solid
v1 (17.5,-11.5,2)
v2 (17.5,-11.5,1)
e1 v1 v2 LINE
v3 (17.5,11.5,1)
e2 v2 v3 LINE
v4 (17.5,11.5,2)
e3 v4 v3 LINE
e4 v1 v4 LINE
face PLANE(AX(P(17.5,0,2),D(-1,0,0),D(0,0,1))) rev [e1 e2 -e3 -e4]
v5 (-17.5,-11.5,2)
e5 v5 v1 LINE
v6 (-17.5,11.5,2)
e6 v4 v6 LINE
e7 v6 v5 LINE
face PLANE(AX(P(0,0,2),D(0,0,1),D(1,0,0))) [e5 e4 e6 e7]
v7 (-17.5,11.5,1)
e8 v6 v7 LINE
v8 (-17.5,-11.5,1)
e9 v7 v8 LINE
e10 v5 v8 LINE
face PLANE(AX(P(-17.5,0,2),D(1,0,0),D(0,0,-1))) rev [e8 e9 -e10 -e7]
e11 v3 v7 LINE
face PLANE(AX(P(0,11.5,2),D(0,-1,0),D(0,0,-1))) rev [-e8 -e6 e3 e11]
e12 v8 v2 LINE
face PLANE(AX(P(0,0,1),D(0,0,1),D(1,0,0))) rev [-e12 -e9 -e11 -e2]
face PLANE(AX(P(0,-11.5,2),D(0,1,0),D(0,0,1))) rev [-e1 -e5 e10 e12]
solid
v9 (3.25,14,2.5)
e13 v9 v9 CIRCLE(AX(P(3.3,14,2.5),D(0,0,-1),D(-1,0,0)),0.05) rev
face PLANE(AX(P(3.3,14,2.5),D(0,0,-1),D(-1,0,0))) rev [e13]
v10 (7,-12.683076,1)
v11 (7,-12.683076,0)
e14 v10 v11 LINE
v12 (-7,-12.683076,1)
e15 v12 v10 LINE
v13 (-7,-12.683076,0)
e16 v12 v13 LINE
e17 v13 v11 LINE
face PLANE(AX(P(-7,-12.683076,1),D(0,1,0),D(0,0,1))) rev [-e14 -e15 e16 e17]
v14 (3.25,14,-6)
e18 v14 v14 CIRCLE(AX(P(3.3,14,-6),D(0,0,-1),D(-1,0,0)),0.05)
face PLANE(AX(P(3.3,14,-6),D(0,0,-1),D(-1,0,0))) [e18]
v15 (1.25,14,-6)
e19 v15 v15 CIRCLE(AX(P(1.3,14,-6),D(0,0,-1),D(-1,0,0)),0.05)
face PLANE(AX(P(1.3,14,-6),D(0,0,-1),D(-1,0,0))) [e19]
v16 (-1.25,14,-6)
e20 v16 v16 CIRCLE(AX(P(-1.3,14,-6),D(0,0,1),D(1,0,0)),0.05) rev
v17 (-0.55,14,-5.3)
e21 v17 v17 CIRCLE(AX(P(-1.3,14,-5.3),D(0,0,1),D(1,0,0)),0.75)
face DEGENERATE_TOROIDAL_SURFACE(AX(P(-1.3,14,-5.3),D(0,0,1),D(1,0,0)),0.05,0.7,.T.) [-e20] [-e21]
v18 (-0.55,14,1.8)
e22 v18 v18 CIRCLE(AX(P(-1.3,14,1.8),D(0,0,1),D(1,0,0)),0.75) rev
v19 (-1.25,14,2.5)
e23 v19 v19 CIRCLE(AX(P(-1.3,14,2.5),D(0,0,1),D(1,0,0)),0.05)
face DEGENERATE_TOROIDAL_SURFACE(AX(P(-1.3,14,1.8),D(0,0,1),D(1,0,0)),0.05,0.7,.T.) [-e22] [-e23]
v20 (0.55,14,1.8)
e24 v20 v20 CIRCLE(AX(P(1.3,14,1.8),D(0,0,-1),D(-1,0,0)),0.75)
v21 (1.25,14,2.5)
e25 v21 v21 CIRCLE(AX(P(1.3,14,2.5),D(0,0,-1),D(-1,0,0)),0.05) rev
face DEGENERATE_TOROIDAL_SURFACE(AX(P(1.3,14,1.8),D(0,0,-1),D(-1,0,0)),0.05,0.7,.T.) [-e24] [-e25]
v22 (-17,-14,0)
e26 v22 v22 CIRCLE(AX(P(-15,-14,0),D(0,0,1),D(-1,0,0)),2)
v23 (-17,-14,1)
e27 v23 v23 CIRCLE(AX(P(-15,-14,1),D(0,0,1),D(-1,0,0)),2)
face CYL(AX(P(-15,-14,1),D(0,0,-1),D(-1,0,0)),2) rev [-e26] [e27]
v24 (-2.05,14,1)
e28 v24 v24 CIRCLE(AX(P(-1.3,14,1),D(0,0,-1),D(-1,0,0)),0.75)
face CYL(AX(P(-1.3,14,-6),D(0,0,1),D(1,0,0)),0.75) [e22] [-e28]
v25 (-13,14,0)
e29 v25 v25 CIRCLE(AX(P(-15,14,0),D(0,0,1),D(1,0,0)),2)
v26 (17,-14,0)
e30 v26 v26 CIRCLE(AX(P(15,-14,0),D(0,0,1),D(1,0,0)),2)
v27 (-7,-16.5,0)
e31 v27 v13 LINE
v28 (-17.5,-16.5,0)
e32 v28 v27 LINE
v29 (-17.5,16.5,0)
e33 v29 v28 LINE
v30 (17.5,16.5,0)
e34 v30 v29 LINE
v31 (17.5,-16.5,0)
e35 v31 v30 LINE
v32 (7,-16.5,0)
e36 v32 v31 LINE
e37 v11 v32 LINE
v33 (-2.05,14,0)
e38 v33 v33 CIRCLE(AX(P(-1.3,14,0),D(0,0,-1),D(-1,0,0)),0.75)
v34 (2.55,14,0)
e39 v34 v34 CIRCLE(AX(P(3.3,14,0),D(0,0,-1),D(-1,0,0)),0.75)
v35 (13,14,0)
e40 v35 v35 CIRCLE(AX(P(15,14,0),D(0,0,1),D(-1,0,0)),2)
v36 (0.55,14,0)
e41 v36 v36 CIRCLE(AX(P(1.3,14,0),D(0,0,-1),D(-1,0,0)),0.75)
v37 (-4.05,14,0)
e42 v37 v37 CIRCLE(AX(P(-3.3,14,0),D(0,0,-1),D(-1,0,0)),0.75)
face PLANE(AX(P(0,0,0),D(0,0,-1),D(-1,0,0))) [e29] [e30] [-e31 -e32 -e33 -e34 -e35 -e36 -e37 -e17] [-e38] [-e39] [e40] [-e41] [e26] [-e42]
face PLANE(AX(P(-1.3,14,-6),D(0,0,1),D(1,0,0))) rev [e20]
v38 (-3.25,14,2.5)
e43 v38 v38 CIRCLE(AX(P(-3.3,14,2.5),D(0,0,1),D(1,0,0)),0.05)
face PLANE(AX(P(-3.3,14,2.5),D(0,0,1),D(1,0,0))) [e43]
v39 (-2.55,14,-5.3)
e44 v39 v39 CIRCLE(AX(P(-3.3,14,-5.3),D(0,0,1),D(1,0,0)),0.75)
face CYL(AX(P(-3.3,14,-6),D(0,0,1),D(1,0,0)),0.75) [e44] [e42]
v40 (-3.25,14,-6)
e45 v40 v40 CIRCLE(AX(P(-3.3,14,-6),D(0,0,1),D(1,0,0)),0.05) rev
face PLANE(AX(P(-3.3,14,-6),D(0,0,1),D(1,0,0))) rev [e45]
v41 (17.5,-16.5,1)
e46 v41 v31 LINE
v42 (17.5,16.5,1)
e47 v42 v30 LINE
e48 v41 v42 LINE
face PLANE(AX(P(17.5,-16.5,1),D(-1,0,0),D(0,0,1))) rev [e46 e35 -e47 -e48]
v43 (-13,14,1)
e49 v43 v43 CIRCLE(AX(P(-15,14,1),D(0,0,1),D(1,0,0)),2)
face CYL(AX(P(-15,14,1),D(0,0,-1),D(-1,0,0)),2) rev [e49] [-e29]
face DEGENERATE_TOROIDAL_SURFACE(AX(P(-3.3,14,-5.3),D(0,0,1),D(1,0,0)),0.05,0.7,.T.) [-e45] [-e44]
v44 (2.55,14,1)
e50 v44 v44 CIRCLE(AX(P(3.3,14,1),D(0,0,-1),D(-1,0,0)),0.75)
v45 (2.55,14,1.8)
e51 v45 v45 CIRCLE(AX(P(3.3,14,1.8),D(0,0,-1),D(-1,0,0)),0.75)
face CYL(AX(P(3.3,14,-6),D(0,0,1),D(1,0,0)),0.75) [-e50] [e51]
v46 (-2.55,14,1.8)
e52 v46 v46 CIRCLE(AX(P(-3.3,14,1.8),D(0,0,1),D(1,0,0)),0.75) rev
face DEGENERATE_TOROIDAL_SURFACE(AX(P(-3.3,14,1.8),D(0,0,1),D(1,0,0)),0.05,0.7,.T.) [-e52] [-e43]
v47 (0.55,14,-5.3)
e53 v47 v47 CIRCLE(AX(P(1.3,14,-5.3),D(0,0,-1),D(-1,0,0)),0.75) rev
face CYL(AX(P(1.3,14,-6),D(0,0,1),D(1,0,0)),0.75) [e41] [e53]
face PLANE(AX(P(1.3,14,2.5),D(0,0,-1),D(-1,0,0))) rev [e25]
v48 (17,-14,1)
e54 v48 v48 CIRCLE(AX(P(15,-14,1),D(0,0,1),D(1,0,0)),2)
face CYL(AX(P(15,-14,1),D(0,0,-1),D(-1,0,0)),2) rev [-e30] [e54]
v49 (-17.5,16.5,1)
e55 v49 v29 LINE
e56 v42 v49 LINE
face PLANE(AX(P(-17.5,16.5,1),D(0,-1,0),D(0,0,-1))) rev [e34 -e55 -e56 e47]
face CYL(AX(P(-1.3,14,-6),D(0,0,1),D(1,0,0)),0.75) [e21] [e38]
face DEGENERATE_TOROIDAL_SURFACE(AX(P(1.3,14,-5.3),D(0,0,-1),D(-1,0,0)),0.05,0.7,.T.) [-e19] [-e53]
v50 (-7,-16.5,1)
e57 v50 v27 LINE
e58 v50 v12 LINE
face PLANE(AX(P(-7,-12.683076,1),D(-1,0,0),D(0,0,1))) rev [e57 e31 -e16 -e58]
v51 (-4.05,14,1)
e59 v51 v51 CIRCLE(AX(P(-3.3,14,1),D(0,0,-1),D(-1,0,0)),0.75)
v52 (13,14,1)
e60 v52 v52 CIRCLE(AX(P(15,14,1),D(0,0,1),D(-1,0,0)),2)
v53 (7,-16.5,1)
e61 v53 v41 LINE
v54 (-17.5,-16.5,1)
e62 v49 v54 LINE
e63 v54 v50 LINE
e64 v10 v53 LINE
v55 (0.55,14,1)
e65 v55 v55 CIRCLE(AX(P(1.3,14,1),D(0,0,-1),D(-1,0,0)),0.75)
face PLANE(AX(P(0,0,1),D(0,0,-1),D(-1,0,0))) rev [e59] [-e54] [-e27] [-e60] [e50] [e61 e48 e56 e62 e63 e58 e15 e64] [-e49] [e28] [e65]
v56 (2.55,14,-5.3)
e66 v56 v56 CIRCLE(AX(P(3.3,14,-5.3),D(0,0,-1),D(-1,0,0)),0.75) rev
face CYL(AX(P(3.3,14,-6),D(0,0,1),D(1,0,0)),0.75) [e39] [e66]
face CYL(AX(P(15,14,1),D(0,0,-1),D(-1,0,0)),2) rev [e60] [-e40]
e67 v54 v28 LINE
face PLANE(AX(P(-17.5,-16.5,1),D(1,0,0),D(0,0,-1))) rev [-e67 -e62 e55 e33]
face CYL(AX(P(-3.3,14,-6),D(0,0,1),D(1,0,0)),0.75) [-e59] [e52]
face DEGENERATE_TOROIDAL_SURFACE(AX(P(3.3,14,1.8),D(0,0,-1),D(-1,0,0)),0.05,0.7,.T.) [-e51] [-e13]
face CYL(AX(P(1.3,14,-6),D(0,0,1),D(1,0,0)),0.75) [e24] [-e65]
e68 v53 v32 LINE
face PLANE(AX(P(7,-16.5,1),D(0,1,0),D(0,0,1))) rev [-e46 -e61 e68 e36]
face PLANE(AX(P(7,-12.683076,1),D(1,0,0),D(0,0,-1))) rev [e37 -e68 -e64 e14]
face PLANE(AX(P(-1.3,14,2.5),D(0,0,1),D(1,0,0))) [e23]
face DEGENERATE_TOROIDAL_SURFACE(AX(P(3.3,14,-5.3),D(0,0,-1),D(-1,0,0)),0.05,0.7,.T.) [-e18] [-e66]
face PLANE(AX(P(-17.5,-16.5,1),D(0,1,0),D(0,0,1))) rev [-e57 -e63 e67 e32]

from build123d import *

# Parameters (mm, degrees)
SKETCH1_R                = 2
BOSS_EXTRUDE1_DEPTH      = 1
SKETCH2_W                = 35
SKETCH2_H                = 23
BOSS_EXTRUDE2_DEPTH      = 1
BOSS_EXTRUDE3_DEPTH      = 0.5
BOSS_EXTRUDE3_DEPTH_BACK = 8
SKETCH3_R                = 0.75
FILLET1_R                = 0.7


with BuildPart() as part:
    # Sketch1 → Boss-Extrude1 (new body)
    with BuildSketch(Plane.XY):
        Polygon((-17.5, -16.5), (-7, -16.5), (-7, -12.68307554), (7, -12.68307554), (7, -16.5), (17.5, -16.5), (17.5, 16.5), (-17.5, 16.5), align=None)
        with Locations((-15, 14)):
            Circle(SKETCH1_R, mode=Mode.SUBTRACT)
        with Locations(Location((15, 14, 0), (0, 0, 180))):
            Circle(SKETCH1_R, mode=Mode.SUBTRACT)
        with Locations((15, -14)):
            Circle(SKETCH1_R, mode=Mode.SUBTRACT)
        with Locations(Location((-15, -14, 0), (0, 0, 180))):
            Circle(SKETCH1_R, mode=Mode.SUBTRACT)
    extrude(amount=BOSS_EXTRUDE1_DEPTH)

    # Sketch3 → Boss-Extrude3 (add, two sides: drawn at the far end of the back side and taken through both)
    with BuildSketch(Plane.XY.offset(2).offset(-BOSS_EXTRUDE3_DEPTH_BACK)):
        with Locations((-1.3, 14)):
            Circle(SKETCH3_R)
        with Locations((-3.3, 14)):
            Circle(SKETCH3_R)
        with Locations(Location((1.3, 14, 0), (0, 0, 180))):
            Circle(SKETCH3_R)
        with Locations(Location((3.3, 14, 0), (0, 0, 180))):
            Circle(SKETCH3_R)
    extrude(amount=BOSS_EXTRUDE3_DEPTH + BOSS_EXTRUDE3_DEPTH_BACK)

    # Fillet1
    fillet1_edges = [part.edges().sort_by_distance(p)[0] for p in [
        (-2.05, 14, -6),
        (-2.05, 14, 2.5),
        (-4.05, 14, -6),
        (-4.05, 14, 2.5),
        (2.05, 14, -6),
        (2.05, 14, 2.5),
        (4.05, 14, -6),
        (4.05, 14, 2.5),
    ]]
    fillet(fillet1_edges, radius=FILLET1_R)


with BuildPart() as body_2:
    # Sketch2 → Boss-Extrude2 (new body)
    with BuildSketch(Plane.XY.offset(1)):
        Rectangle(SKETCH2_W, SKETCH2_H)
    extrude(amount=BOSS_EXTRUDE2_DEPTH)


solid = Compound([part.part, body_2.part])
